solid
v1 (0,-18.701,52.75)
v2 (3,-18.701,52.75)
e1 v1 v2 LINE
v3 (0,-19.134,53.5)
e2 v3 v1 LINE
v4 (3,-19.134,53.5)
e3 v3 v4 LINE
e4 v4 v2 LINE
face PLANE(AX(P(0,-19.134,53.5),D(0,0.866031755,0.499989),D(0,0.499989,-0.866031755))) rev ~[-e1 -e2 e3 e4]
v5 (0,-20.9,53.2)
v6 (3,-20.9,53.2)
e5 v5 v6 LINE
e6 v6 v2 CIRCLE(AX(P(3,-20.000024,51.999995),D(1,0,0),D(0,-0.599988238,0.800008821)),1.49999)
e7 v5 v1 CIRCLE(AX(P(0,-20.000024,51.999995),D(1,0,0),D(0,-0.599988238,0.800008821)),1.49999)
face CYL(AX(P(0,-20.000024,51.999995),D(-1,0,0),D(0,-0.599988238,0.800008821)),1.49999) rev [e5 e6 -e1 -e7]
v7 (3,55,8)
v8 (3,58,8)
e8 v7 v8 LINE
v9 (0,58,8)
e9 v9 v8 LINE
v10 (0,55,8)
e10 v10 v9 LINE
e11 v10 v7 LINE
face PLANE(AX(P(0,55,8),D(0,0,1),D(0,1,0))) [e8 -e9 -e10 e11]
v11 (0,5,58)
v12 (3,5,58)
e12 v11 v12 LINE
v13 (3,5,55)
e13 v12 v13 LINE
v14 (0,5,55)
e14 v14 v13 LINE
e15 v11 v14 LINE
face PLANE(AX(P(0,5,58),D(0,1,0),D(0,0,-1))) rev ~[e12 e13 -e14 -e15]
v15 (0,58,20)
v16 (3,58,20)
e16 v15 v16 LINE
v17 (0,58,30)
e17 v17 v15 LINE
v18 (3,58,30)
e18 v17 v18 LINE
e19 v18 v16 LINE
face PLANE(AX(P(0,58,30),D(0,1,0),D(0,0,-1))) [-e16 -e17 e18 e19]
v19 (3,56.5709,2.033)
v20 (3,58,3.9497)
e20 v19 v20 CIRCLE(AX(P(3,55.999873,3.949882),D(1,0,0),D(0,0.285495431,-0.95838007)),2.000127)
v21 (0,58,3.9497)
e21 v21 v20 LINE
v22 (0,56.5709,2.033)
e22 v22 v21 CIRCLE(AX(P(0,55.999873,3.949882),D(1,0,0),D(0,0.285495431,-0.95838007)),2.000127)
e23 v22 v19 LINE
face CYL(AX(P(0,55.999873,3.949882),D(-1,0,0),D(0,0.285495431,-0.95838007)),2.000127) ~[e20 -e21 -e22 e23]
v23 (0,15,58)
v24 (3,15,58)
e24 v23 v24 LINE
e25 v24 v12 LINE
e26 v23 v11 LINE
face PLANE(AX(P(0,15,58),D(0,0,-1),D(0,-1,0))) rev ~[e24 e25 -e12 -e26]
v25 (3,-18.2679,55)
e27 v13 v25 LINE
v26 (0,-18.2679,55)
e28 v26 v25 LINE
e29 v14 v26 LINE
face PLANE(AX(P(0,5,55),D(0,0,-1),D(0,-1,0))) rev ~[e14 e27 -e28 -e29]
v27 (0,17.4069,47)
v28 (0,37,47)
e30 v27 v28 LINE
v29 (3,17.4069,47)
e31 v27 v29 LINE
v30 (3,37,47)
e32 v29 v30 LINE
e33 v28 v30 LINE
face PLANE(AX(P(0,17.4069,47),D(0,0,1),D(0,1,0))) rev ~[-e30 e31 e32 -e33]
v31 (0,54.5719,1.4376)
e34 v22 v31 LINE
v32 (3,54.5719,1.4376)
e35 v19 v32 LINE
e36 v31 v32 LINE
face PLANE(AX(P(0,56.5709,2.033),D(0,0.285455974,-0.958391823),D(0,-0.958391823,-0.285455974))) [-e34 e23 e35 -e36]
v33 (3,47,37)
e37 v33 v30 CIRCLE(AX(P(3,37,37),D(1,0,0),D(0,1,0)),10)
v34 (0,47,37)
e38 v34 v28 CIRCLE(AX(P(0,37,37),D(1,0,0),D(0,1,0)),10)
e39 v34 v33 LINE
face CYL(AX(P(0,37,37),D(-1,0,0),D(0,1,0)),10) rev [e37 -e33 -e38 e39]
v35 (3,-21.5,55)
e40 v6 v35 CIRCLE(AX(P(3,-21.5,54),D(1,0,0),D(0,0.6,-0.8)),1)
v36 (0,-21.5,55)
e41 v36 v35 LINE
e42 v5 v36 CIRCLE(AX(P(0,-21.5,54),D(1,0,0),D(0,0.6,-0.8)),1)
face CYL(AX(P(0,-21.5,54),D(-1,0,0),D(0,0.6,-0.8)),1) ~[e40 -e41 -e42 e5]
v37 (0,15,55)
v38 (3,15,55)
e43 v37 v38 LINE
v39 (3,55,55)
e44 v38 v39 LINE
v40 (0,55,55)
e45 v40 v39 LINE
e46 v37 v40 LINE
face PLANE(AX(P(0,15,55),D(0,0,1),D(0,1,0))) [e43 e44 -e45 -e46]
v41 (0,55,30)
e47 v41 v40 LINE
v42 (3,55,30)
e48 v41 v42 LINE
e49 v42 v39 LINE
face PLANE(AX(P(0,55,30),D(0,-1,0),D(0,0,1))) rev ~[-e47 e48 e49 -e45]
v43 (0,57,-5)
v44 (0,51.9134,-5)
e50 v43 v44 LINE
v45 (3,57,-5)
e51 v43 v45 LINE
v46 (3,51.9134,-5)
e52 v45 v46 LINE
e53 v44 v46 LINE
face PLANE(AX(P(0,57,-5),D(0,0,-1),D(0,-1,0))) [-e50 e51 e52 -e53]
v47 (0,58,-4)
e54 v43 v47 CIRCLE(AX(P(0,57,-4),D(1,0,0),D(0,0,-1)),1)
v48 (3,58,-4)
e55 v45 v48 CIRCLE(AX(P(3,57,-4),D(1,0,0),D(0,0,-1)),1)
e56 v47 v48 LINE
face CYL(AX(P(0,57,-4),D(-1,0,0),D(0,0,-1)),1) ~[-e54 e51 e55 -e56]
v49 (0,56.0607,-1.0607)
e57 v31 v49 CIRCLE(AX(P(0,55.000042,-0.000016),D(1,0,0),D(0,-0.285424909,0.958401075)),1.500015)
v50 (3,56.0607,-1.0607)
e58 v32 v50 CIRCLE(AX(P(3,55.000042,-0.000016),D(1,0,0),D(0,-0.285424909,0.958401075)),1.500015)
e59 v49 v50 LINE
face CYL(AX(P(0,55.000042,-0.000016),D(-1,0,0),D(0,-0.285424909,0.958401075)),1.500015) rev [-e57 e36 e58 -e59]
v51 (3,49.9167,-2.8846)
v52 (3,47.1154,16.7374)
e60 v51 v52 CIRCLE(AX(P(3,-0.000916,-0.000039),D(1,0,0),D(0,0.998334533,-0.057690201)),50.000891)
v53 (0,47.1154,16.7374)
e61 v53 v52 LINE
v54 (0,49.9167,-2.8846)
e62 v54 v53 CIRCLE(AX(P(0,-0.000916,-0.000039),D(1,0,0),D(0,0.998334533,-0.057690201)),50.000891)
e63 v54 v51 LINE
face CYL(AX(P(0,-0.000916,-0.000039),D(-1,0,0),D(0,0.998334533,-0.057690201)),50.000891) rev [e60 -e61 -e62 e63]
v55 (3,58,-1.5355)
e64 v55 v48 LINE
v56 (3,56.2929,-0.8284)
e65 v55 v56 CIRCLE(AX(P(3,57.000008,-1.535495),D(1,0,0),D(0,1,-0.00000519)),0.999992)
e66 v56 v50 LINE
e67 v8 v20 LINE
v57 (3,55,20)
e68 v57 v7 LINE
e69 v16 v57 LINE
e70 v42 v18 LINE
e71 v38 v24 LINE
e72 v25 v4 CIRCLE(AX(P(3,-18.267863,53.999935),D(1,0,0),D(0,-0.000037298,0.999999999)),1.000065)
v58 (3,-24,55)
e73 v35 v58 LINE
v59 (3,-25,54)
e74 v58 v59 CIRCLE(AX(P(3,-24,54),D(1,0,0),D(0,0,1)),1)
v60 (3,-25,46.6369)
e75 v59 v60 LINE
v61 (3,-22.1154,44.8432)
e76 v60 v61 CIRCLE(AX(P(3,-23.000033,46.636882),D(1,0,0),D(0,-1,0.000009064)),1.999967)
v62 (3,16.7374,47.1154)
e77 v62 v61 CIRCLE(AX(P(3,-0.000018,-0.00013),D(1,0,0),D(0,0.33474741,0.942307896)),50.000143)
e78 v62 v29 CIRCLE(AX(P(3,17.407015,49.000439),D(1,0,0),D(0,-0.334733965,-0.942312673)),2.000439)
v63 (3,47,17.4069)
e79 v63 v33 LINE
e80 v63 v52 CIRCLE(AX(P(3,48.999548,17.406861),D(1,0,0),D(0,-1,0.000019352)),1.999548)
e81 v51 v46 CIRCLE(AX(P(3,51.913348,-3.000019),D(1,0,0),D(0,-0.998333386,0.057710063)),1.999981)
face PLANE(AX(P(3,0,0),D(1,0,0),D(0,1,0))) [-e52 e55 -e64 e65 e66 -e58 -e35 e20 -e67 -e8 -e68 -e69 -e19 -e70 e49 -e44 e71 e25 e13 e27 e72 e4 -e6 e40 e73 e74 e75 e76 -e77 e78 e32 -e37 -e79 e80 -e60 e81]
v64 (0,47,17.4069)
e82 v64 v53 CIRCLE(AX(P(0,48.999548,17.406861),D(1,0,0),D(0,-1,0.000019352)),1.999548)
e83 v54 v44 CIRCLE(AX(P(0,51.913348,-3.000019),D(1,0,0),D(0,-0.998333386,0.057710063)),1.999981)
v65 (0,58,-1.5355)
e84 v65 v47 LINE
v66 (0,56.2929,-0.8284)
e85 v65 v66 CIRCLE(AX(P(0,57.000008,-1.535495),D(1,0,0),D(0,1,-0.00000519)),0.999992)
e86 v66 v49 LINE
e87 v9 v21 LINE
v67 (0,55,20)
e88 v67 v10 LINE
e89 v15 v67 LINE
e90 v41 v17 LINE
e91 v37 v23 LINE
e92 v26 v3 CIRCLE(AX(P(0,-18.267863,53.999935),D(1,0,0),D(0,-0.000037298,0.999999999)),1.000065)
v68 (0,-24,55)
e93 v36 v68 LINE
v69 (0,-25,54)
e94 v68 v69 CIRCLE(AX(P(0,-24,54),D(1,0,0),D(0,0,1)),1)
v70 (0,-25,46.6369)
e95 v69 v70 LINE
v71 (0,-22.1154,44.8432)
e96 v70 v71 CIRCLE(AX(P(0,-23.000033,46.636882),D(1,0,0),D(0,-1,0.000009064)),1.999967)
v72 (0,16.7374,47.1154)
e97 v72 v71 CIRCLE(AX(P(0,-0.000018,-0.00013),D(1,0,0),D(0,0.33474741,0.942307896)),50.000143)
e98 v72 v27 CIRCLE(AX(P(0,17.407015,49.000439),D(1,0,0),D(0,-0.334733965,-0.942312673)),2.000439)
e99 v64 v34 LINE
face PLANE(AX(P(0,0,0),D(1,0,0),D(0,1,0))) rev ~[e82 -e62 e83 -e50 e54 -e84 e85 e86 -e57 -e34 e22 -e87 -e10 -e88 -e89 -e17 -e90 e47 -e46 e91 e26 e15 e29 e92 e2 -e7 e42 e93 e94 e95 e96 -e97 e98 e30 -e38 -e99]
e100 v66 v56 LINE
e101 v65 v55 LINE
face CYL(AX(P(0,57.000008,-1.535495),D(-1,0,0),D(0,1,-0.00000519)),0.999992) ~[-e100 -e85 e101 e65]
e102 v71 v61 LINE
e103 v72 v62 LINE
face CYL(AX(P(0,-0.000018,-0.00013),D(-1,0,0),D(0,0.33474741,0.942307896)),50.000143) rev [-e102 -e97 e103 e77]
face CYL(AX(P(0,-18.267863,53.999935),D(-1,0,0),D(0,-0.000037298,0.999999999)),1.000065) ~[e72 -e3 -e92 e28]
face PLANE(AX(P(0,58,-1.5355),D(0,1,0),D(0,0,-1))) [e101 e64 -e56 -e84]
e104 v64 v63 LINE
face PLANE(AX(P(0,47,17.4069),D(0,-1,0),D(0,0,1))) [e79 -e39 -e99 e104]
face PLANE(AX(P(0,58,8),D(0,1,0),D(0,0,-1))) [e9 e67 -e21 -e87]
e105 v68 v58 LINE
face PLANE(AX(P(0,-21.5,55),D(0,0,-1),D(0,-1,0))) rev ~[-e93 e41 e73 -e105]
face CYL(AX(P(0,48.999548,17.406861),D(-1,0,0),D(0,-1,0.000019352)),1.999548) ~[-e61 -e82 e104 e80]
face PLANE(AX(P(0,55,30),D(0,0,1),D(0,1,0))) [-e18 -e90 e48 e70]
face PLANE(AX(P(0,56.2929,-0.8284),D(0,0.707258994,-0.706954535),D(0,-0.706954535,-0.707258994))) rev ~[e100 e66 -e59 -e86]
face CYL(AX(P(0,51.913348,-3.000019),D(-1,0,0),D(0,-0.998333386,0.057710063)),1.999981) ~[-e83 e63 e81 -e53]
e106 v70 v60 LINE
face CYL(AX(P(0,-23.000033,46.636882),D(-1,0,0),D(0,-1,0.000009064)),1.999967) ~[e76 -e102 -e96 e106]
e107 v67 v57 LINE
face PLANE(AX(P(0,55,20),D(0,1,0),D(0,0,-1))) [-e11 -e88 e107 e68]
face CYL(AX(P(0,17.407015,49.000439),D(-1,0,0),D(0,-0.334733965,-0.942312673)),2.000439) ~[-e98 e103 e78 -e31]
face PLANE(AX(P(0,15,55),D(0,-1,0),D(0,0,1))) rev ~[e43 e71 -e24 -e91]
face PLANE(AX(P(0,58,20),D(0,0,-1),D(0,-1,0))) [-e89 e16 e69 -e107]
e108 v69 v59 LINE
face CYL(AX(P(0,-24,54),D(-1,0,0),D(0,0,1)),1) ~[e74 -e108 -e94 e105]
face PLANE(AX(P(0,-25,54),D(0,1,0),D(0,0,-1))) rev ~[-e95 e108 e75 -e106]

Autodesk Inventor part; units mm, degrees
ref_plane "YZ Plane" through (0, 0, 0) normal (1, 0, 0) x (0, 1, 0)
ref_plane "XZ Plane" through (0, 0, 0) normal (0, 1, 0) x (-1, 0, 0)
ref_plane "XY Plane" through (0, 0, 0) normal (0, 0, 1) x (1, 0, 0)
sketch "Sketch2" plane through (0, 0, 0) normal (1, 0, 0) x (0, 1, 0)
  line L0 (55, 30) -> (58, 30)
  line L1 (58, 30) -> (58, 20)
  line L2 (58, 20) -> (55, 20)
  line L3 (15, 55) -> (15, 58)
  line L4 (15, 58) -> (5, 58)
  line L5 (5, 58) -> (5, 55)
  line L6 (55, 30) -> (55, 55)
  line L7 (15, 55) -> (55, 55)
  line L8 (55, 20) -> (55, 8)
  line L9 (55, 8) -> (58, 8)
  arc A0 (54.5719, 1.4376) -> (56.0607, -1.0607) centre (55, 0) ccw
  line L10 (57, -5) -> (51.9134, -5)
  line L11 (56.5709, 2.033) -> (54.5719, 1.4376)
  line L12 (56.2929, -0.8284) -> (56.0607, -1.0607)
  line L13 (58, 8) -> (58, 3.9497)
  line L14 (58, -1.5355) -> (58, -4)
  arc A1 (56.5709, 2.033) -> (58, 3.9497) centre (56, 3.9497) ccw
  arc A2 (58, -1.5355) -> (56.2929, -0.8284) centre (57, -1.5355) ccw
  arc A3 (57, -5) -> (58, -4) centre (57, -4) ccw
  line L15 (-25, 54) -> (-25, 46.6369)
  arc A4 (-20.9, 53.2) -> (-18.701, 52.75) centre (-20, 52) ccw
  line L16 (-20.9, 53.2) -> (-20.9, 53.2)
  line L17 (-19.134, 53.5) -> (-18.701, 52.75)
  line L18 (5, 55) -> (-18.2679, 55)
  line L19 (-21.5, 55) -> (-24, 55)
  arc A5 (-18.2679, 55) -> (-19.134, 53.5) centre (-18.2679, 54) ccw
  arc A6 (-25, 46.6369) -> (-22.1154, 44.8432) centre (-23, 46.6369) ccw
  arc A7 (-24, 55) -> (-25, 54) centre (-24, 54) ccw
  arc A8 (-20.9, 53.2) -> (-21.5, 55) centre (-21.5, 54) ccw
  arc A9 (49.9167, -2.8846) -> (47.1154, 16.7374) centre (0, 0) ccw
  arc A10 (16.7374, 47.1154) -> (-22.1154, 44.8432) centre (0, 0) ccw
  line L20 (47, 17.4069) -> (47, 37)
  line L21 (17.4069, 47) -> (37, 47)
  arc A11 (47, 37) -> (37, 47) centre (37, 37) ccw
  arc A12 (49.9167, -2.8846) -> (51.9134, -5) centre (51.9134, -3) ccw
  arc A13 (16.7374, 47.1154) -> (17.4069, 47) centre (17.4069, 49) ccw
  arc A14 (47, 17.4069) -> (47.1154, 16.7374) centre (49, 17.4069) ccw
  point P0 (-25, 43.3013)
  point P1 (58, -5)
  point P2 (-25, 55)
  point P3 (49.7494, -5)
  point P4 (49.7494, -5)
  point P5 (17.0587, 47)
  point P6 (47, 17.0587)
  dimension "d5" = 10
  dimension "d6" = 10
  dimension "d13" = 40
  dimension "d14" = 25
  dimension "d15" = 3
  dimension "d16" = 3
  dimension "d22" = 55
  dimension "d23" = 55
  dimension "d43" = 12
  dimension "d44" = 3
  dimension "d46" = 3
  dimension "d48" = 3
  dimension "d53" = 2
  dimension "d54" = 1
  dimension "d57" = 80
  dimension "d58" = 3
  dimension "d59" = 5
  dimension "d61" = 3
  dimension "d64" = 1
  dimension "d65" = 2
  dimension "d66" = 1
  dimension "d67" = 3
  dimension "d75" = 4.0503
  dimension "d76" = 60
  dimension "d78" = 5
  dimension "d79" = 3
  dimension "d87" = 60
  dimension "d92" = 8
  dimension "d93" = 50
  dimension "d94" = 50
  dimension "d95" = 8
  dimension "d96" = 10
  dimension "d97" = 2
  dimension "d98" = 2
extrude "Extrusion3" add sketch "Sketch2" along normal blind 3
properties part number "OpenROV 2_3 Dev Tube Brace"
